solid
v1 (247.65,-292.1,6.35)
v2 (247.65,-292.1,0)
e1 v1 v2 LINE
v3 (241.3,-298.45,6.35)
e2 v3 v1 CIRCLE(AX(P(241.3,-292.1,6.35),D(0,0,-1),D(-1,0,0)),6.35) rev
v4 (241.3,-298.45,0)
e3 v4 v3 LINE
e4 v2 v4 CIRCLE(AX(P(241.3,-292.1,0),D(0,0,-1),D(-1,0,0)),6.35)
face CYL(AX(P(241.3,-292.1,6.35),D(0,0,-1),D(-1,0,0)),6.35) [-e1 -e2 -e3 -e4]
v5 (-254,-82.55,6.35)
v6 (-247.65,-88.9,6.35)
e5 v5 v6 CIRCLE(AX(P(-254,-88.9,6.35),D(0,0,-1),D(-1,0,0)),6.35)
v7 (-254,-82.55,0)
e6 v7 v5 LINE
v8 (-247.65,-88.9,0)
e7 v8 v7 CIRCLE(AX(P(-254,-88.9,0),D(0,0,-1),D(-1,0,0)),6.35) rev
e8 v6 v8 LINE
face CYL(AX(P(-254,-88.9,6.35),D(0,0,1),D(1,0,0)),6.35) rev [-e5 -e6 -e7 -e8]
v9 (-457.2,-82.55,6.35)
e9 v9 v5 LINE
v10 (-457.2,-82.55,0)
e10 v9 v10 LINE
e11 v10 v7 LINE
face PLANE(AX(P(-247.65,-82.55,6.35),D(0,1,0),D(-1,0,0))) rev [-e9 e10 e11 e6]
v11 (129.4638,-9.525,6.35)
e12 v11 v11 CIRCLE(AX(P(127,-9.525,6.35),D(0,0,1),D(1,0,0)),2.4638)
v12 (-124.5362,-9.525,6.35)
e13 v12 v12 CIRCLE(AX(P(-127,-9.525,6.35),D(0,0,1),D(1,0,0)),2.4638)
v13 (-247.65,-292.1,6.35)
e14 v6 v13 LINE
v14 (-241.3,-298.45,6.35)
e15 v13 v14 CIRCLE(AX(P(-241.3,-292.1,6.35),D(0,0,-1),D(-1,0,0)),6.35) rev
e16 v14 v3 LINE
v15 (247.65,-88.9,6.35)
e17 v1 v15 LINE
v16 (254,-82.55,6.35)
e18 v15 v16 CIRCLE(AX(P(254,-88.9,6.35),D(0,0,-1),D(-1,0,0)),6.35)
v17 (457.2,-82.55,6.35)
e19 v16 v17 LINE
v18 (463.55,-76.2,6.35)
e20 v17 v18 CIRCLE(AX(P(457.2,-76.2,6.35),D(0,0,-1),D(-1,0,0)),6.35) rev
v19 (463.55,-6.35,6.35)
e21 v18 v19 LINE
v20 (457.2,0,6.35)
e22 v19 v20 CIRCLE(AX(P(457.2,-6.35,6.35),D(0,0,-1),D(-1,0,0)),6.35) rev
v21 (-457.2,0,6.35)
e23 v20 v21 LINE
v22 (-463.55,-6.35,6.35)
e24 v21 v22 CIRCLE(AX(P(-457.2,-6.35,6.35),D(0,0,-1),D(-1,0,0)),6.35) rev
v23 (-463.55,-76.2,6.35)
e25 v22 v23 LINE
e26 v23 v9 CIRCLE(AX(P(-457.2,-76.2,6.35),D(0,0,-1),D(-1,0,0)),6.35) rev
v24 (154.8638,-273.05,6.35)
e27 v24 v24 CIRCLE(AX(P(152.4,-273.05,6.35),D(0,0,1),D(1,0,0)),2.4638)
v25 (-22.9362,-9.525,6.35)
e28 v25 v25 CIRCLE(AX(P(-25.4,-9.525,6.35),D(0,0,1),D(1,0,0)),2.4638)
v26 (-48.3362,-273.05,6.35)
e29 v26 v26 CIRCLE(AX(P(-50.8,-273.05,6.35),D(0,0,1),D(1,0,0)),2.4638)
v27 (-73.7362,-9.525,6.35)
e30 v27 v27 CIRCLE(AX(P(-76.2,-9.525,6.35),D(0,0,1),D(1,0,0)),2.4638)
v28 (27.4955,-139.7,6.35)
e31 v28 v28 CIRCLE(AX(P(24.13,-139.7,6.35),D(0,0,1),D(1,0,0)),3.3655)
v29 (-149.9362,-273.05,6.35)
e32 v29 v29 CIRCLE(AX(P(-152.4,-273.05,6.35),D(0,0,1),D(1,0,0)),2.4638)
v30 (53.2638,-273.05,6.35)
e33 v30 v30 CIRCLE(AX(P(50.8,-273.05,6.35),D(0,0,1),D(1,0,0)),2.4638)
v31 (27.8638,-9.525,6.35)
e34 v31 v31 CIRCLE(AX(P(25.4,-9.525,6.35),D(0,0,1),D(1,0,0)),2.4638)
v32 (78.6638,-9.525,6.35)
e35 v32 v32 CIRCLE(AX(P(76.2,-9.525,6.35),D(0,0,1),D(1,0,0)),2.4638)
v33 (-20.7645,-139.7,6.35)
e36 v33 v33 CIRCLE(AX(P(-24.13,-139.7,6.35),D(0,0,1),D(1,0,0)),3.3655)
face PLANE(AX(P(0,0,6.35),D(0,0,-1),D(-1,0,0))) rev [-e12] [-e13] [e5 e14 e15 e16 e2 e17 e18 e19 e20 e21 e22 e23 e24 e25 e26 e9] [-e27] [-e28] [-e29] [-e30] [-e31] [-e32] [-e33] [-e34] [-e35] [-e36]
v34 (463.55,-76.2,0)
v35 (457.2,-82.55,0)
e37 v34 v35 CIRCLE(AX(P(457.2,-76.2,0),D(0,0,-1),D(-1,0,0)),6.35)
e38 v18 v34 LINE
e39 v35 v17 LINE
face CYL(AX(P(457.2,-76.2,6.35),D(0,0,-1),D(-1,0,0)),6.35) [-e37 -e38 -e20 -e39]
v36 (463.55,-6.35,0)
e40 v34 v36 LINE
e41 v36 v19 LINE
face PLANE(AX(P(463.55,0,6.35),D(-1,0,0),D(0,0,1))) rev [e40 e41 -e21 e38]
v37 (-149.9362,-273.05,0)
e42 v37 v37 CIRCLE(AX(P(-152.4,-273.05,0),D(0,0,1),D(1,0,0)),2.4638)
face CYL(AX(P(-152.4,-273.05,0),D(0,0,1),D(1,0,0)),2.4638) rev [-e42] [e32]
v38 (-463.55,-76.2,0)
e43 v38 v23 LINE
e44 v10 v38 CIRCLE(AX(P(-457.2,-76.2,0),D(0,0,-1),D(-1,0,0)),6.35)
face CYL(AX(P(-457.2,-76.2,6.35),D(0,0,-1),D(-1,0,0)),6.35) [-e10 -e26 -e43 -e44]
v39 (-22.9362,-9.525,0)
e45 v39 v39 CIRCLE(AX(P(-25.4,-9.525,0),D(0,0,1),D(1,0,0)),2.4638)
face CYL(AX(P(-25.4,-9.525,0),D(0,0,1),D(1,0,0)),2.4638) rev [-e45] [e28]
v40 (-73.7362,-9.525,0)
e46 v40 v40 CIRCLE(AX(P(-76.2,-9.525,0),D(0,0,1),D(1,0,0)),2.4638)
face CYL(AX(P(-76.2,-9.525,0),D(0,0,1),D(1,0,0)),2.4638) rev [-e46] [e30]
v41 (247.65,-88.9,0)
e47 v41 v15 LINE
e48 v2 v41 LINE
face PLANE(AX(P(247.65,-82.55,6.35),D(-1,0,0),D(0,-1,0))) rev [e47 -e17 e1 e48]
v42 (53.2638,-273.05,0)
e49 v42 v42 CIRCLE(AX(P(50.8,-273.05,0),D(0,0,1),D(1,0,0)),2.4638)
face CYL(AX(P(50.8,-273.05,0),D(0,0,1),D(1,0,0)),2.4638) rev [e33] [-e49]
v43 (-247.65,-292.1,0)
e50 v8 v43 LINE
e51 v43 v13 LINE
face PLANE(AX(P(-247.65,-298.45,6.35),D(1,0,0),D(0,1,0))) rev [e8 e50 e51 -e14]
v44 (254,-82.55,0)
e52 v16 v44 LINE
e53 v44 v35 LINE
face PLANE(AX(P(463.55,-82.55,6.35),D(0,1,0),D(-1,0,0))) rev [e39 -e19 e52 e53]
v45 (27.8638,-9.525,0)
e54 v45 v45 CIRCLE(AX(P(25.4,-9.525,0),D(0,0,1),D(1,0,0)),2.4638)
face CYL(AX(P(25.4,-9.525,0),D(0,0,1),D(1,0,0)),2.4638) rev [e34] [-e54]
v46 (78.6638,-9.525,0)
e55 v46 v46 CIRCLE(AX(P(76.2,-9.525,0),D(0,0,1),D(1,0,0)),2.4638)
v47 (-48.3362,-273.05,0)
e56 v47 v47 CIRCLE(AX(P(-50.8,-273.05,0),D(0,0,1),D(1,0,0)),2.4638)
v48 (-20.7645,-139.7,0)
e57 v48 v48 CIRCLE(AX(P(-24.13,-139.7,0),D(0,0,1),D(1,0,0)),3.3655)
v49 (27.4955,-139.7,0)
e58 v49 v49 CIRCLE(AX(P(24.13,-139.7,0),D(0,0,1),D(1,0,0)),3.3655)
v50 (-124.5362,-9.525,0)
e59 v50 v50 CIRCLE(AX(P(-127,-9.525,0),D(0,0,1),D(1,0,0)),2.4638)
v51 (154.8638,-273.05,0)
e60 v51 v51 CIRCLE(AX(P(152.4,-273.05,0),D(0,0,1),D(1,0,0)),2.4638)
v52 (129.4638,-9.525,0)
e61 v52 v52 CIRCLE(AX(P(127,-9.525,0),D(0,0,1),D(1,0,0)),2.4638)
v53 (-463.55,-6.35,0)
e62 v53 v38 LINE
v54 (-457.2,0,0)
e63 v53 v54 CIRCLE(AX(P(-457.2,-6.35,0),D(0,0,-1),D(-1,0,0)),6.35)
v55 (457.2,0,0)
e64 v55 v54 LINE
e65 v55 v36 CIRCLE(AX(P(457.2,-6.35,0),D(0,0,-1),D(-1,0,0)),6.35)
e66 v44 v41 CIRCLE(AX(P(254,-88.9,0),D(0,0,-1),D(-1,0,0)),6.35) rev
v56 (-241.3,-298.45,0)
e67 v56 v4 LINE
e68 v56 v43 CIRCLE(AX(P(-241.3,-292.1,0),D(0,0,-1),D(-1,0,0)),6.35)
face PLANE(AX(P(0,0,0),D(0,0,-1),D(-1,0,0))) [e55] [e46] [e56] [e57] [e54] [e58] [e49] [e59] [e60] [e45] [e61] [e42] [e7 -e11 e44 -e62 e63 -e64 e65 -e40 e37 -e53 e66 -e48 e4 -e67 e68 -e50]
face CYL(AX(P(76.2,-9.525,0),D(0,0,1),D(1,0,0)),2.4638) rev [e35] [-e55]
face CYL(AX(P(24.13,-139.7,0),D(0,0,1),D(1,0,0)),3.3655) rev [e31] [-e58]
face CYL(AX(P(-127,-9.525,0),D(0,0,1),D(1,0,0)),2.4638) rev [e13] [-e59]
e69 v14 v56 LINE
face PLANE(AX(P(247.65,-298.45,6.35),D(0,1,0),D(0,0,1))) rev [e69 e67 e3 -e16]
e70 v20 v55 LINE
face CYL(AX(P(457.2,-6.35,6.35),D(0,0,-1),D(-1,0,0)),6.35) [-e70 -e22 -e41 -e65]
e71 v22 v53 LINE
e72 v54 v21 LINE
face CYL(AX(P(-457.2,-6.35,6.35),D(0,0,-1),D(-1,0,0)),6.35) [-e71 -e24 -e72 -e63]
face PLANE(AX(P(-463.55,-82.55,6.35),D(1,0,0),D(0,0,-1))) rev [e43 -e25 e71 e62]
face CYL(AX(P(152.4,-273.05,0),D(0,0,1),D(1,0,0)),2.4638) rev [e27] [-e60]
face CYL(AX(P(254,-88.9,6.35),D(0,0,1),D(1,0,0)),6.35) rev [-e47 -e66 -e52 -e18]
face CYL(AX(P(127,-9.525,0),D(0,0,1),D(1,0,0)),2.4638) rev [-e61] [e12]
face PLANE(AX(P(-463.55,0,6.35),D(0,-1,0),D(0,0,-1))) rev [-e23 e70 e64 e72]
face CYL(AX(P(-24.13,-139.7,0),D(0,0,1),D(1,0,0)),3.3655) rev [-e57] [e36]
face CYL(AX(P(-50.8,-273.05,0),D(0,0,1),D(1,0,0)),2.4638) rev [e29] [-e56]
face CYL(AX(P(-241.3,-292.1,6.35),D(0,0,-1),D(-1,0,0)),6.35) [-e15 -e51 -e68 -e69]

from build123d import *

# Parameters (mm, degrees)
BOSS_EXTRUDE1_DEPTH = 6.35
SKETCH2_R           = 2.4638
CUT_EXTRUDE1_DEPTH  = 7.35
LPATTERN1_COUNT     = 6
LPATTERN1_PITCH     = 50.8
SKETCH3_R           = 2.4638
CUT_EXTRUDE2_DEPTH  = 7.35
LPATTERN2_COUNT     = 4
LPATTERN2_PITCH     = 101.6
SKETCH4_R           = 3.3655
CUT_EXTRUDE3_DEPTH  = 7.35
FILLET1_R           = 6.35


with BuildPart() as part:
    # Sketch1 → Boss-Extrude1 (new body)
    with BuildSketch(Plane.XY):
        Polygon((-463.55, -82.55), (-463.55, 0), (463.55, 0), (463.55, -82.55), (247.65, -82.55), (247.65, -298.45), (-247.65, -298.45), (-247.65, -82.55), align=None)
    extrude(amount=BOSS_EXTRUDE1_DEPTH)

    # Sketch2 → Cut-Extrude1 (cut, through all)
    with BuildSketch(Plane.XY.offset(6.35)):
        with Locations((127, -9.525)):
            Circle(SKETCH2_R)
    cut_extrude1 = extrude(amount=-CUT_EXTRUDE1_DEPTH, mode=Mode.SUBTRACT)

    # LPattern1: Cut-Extrude1 ×6
    with Locations(*[(-i * LPATTERN1_PITCH, 0, 0) for i in range(1, LPATTERN1_COUNT)]):
        add(cut_extrude1, mode=Mode.SUBTRACT)

    # Sketch3 → Cut-Extrude2 (cut, through all)
    with BuildSketch(Plane.XY.offset(6.35)):
        with Locations((-152.4, -273.05)):
            Circle(SKETCH3_R)
    cut_extrude2 = extrude(amount=-CUT_EXTRUDE2_DEPTH, mode=Mode.SUBTRACT)

    # LPattern2: Cut-Extrude2 ×4
    with Locations(*[(i * LPATTERN2_PITCH, 0, 0) for i in range(1, LPATTERN2_COUNT)]):
        add(cut_extrude2, mode=Mode.SUBTRACT)

    # Sketch4 → Cut-Extrude3 (cut, through all)
    with BuildSketch(Plane.XY.offset(6.35)):
        with Locations((-24.13, -139.7)):
            Circle(SKETCH4_R)
        with Locations((24.13, -139.7)):
            Circle(SKETCH4_R)
    extrude(amount=-CUT_EXTRUDE3_DEPTH, mode=Mode.SUBTRACT)

    # Fillet1
    fillet1_edges = [part.edges().sort_by_distance(p)[0] for p in [
        (-463.55, -82.55, 3.175),
        (-463.55, 0, 3.175),
        (463.55, 0, 3.175),
        (463.55, -82.55, 3.175),
        (247.65, -82.55, 3.175),
        (247.65, -298.45, 3.175),
        (-247.65, -298.45, 3.175),
        (-247.65, -82.55, 3.175),
    ]]
    fillet(fillet1_edges, radius=FILLET1_R)


solid = part.part
